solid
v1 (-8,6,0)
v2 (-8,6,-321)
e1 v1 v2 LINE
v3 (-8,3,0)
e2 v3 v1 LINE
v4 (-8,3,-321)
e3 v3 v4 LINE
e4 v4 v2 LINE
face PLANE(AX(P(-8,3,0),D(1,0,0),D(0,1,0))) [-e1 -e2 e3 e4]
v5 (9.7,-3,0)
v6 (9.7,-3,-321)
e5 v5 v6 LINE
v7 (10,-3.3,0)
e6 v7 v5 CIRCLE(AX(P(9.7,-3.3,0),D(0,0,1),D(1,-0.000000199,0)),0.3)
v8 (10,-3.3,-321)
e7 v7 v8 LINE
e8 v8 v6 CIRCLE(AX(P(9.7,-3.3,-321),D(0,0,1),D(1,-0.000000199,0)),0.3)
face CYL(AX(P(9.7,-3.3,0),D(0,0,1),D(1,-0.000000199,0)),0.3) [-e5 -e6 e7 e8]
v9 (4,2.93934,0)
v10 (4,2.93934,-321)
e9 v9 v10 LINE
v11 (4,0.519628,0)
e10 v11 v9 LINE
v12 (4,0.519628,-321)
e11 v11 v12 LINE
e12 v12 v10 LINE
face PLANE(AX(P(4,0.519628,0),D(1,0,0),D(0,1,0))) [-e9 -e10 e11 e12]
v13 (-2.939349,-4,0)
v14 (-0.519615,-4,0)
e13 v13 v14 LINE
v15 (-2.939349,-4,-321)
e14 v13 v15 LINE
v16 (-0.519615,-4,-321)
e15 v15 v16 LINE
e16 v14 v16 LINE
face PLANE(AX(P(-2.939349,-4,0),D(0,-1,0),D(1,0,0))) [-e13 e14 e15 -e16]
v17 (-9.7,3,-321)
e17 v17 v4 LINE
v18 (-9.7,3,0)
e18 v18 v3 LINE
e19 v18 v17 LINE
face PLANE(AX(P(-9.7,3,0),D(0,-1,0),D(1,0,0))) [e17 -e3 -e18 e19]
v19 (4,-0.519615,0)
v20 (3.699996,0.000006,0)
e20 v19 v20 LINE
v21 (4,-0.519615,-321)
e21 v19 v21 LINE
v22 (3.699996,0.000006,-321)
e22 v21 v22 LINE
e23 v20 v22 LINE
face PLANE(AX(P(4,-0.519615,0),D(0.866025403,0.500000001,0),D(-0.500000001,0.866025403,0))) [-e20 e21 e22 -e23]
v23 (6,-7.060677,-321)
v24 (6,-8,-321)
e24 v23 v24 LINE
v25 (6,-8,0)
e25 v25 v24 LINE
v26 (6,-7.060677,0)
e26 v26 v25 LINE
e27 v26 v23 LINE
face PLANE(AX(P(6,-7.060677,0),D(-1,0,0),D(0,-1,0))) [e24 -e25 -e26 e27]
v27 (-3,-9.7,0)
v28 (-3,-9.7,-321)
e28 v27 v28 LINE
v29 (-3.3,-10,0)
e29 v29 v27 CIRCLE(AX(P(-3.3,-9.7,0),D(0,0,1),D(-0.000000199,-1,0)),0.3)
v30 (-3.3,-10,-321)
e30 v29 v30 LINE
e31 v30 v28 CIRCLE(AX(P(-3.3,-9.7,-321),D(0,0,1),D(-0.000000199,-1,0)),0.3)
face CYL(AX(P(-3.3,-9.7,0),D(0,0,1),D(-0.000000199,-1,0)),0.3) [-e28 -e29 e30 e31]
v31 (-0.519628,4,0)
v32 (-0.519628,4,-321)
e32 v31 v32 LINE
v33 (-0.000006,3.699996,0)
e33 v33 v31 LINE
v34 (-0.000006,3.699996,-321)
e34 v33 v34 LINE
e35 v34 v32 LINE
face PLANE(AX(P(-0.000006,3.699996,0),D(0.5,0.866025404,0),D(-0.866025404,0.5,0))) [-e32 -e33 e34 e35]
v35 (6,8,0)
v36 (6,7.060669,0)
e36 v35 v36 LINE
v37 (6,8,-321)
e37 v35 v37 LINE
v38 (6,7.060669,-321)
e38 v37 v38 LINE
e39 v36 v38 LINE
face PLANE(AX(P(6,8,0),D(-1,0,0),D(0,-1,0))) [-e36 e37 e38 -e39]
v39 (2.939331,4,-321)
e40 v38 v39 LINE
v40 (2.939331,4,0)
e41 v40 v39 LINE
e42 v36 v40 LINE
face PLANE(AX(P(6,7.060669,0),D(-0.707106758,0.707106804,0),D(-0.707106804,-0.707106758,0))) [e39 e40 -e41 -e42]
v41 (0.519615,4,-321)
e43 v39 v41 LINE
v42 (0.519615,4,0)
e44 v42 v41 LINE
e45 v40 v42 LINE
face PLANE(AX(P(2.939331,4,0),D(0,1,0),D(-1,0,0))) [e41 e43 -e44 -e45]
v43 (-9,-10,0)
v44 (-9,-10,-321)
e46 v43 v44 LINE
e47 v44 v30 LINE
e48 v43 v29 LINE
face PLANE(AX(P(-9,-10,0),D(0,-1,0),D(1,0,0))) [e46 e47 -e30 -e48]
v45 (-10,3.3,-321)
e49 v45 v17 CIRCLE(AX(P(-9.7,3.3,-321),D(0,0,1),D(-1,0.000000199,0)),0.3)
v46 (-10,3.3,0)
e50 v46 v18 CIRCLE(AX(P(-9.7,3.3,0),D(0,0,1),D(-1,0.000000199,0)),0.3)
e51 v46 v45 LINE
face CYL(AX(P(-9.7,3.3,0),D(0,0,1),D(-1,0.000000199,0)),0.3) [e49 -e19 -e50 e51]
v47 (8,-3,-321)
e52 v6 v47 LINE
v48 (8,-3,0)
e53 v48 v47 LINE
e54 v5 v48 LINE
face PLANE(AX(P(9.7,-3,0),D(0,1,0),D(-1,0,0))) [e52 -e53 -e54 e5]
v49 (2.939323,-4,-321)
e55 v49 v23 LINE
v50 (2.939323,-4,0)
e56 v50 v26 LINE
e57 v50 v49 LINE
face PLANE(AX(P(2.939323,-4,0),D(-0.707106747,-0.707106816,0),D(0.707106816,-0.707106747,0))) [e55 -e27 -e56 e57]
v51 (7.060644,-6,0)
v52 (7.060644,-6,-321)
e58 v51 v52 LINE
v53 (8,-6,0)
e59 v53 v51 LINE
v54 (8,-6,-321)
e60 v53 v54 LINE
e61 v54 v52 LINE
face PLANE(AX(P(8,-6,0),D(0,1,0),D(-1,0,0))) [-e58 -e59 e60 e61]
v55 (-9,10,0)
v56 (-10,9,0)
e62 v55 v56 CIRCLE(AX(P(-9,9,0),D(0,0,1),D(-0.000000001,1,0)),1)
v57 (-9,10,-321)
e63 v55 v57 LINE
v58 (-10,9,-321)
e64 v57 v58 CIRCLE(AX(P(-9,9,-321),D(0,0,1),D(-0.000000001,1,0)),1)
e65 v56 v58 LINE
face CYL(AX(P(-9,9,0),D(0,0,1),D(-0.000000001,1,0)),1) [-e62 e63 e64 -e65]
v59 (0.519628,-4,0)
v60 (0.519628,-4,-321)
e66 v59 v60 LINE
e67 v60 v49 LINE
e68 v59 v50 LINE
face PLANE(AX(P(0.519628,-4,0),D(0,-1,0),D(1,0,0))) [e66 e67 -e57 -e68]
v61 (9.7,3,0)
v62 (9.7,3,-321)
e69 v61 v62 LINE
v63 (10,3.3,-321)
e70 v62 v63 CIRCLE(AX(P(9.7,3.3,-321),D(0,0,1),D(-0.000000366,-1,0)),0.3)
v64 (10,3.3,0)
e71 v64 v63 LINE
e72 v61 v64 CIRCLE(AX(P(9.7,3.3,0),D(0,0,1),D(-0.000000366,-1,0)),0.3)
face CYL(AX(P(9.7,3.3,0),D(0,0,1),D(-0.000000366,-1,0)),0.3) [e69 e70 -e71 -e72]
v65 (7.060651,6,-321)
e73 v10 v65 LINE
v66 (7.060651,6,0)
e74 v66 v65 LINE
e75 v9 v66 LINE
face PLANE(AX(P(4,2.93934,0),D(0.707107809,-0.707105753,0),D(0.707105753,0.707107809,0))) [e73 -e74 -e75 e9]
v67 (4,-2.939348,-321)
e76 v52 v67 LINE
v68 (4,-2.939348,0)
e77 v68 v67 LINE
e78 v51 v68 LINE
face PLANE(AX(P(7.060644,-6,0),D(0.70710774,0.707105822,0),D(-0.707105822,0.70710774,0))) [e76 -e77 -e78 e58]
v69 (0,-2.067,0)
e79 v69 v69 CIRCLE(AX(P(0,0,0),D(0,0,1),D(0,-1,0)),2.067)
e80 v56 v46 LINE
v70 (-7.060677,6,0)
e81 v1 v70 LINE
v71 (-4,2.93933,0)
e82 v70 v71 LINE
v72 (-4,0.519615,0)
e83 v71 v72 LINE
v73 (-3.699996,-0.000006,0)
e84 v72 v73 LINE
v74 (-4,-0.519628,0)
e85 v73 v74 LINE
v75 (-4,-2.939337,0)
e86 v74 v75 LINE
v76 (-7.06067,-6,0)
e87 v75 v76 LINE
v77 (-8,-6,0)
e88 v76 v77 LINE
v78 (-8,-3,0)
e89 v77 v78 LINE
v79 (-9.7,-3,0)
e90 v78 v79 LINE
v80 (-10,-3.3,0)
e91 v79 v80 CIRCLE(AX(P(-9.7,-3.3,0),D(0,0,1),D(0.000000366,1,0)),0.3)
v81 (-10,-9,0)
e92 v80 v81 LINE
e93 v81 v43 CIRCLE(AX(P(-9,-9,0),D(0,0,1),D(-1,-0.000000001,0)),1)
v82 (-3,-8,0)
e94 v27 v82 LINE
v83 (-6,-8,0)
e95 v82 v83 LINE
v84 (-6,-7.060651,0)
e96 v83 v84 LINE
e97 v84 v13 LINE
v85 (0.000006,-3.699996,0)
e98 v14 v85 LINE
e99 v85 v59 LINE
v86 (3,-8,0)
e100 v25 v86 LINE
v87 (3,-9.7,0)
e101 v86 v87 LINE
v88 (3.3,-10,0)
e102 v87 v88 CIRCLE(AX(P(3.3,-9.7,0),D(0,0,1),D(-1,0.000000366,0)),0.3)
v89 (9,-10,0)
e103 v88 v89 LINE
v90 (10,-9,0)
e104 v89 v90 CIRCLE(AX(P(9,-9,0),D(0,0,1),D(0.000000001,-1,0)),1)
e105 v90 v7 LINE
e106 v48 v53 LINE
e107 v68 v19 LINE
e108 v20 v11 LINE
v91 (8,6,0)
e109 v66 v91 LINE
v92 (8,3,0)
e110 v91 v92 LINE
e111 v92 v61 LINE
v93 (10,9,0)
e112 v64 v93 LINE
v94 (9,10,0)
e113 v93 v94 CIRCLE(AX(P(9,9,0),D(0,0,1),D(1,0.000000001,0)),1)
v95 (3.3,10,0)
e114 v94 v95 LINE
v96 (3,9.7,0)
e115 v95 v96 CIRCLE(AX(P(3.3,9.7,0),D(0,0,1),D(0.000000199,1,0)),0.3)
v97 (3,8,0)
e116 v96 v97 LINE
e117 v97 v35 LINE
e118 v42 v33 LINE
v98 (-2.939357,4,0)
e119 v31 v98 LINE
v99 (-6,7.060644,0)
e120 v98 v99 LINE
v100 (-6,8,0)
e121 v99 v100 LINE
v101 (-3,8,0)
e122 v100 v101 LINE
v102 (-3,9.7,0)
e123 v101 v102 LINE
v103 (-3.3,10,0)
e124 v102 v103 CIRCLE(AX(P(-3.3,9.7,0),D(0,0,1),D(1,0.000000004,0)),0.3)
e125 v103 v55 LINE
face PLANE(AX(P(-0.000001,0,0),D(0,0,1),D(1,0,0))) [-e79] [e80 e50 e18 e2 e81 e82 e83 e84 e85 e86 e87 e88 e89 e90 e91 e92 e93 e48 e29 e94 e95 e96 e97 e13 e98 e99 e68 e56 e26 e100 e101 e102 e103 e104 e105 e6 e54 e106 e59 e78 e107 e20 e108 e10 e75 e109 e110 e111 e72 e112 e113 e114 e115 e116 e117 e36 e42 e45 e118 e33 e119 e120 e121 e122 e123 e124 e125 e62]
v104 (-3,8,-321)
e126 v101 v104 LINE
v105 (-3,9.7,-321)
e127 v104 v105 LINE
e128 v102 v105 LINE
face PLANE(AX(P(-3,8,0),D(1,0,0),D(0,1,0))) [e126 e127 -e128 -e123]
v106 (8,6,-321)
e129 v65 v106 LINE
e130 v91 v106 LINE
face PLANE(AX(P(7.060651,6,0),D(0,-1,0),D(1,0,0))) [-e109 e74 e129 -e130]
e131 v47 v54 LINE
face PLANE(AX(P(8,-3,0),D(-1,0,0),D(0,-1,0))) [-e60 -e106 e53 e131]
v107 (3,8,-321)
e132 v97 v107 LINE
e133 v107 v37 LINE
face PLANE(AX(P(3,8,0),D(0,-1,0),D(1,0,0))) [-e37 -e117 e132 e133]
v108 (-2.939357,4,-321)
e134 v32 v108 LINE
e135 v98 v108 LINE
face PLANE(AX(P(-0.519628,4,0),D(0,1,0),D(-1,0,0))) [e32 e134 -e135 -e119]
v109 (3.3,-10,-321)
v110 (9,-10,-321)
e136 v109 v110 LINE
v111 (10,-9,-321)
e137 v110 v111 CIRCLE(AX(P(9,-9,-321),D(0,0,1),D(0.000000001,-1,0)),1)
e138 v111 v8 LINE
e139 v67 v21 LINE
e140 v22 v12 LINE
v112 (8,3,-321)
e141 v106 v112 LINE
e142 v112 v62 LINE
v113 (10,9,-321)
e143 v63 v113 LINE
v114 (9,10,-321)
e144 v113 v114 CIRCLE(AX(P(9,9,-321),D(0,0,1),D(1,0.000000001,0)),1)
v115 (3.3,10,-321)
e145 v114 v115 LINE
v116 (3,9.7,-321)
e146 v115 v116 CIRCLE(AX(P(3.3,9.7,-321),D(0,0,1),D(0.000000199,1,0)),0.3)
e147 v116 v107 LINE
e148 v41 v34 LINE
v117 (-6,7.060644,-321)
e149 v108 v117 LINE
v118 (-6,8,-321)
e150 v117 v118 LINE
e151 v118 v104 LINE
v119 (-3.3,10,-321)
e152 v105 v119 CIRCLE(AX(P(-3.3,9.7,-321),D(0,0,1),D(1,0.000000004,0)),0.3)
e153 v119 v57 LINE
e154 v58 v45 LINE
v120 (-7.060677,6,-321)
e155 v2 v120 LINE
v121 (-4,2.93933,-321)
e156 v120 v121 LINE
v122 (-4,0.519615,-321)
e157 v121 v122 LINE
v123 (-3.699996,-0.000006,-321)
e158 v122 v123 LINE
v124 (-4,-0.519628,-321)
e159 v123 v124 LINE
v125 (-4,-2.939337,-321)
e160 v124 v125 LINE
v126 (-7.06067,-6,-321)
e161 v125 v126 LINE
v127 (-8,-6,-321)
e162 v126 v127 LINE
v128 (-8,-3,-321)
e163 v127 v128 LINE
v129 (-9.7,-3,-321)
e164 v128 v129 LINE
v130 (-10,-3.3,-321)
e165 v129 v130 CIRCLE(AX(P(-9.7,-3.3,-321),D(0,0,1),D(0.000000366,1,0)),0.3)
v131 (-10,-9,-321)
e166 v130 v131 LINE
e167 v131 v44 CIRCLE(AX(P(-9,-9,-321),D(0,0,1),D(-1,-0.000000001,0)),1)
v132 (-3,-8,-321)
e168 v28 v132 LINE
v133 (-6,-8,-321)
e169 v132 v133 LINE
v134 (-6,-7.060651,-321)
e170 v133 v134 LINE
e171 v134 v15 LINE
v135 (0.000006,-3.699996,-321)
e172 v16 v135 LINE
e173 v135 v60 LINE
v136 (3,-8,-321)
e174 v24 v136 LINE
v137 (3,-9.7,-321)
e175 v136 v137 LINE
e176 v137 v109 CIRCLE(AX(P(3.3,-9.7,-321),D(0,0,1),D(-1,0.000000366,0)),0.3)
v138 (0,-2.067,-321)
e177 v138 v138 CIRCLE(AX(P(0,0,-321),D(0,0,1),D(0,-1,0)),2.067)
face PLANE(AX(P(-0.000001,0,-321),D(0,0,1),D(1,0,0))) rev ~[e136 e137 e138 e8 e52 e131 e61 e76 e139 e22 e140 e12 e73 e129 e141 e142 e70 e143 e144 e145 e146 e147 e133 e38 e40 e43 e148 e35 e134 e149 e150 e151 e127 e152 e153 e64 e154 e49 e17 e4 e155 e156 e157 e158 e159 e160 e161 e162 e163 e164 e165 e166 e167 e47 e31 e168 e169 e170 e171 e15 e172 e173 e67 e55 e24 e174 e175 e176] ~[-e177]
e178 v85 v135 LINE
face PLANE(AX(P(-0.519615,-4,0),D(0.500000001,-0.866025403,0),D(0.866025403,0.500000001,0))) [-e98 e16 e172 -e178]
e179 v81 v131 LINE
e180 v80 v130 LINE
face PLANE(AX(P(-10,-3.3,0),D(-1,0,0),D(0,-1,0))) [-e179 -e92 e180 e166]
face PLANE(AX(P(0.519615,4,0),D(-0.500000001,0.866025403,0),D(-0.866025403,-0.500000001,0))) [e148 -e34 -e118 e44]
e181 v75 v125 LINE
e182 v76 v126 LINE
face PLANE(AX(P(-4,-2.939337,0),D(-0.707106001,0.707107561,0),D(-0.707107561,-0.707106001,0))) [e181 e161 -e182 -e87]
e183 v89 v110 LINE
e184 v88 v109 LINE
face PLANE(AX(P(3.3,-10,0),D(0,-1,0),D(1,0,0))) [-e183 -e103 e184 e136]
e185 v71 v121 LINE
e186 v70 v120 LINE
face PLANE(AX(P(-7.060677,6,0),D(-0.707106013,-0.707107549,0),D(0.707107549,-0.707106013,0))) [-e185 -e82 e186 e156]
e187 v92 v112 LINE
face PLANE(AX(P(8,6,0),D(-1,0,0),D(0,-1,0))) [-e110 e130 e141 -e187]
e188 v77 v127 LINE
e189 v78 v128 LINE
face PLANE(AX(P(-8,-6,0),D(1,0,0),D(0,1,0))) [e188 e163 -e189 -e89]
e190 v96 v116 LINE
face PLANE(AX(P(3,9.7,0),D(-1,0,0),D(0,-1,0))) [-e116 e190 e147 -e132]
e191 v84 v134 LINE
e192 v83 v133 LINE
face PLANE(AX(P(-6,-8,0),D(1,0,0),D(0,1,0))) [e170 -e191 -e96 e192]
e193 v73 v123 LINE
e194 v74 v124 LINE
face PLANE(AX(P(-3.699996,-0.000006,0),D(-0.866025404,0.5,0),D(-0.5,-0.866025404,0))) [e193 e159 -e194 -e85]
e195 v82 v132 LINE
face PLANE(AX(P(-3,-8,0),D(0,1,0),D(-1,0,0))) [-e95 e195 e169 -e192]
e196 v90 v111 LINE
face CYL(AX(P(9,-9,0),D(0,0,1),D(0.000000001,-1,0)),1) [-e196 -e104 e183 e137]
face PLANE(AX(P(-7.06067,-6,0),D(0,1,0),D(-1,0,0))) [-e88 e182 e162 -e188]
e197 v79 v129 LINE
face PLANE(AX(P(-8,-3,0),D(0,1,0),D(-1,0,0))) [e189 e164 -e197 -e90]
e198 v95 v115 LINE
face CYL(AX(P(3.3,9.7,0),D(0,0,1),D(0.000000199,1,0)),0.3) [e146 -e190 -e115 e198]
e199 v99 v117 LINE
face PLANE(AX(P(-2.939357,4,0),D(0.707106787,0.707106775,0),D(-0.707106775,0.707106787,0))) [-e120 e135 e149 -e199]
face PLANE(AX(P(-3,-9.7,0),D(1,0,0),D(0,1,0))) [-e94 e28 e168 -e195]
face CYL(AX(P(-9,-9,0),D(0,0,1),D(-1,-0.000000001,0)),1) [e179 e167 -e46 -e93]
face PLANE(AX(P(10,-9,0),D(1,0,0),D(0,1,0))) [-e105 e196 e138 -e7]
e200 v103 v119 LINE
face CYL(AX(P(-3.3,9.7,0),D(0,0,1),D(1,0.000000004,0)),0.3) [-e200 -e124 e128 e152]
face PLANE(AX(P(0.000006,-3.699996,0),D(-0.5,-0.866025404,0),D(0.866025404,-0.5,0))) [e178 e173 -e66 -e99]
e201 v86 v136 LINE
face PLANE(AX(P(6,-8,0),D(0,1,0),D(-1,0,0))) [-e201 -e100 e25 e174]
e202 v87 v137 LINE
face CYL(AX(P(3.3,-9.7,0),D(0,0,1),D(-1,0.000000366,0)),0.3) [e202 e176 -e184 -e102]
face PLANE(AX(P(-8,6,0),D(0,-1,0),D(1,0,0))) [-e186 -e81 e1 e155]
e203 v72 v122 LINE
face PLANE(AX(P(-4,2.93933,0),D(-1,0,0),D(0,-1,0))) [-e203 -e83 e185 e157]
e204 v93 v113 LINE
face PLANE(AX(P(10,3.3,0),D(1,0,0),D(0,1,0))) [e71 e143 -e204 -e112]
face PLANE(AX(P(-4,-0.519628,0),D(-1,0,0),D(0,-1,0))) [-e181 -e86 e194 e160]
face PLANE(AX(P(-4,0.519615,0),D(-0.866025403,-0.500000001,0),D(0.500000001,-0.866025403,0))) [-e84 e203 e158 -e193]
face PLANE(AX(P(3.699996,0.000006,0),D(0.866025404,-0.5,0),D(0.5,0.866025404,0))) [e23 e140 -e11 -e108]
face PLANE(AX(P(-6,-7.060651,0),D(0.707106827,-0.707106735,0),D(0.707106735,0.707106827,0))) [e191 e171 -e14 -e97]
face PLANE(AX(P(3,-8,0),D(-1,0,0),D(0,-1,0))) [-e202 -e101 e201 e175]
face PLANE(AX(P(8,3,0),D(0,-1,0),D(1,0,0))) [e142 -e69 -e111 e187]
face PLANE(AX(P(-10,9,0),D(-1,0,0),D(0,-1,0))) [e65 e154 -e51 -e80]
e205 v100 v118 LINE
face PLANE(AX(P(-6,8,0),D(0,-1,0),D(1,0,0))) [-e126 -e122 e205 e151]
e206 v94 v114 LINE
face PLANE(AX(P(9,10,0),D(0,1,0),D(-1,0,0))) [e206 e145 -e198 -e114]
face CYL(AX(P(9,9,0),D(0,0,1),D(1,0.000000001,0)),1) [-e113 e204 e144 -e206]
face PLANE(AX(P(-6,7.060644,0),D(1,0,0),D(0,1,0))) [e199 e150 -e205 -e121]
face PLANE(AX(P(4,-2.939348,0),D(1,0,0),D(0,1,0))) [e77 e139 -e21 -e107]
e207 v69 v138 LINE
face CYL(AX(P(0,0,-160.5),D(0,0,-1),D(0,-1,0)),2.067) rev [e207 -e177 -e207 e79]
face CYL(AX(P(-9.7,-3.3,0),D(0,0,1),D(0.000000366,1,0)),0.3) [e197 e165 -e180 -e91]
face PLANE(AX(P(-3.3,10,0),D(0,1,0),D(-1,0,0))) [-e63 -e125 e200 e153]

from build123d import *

# Parameters (mm, degrees)
BOSS_EXTRUDE1_DEPTH = 321
SKETCH2_W           = 321
SKETCH2_H           = 2.067


with BuildPart() as part:
    # Sketch1 → Boss-Extrude1 (new body)
    with BuildSketch(Plane.XY):
        with BuildLine():
            Line((-10, 9), (-10, 3.29999995))
            ThreePointArc((-10, 3.29999995), (-9.912132049, 3.087867916), (-9.7, 3))
            Line((-9.7, 3), (-8, 3))
            Line((-8, 3), (-8, 6))
            Line((-8, 6), (-7.060677, 6))
            Line((-7.060677, 6), (-4, 2.93932965))
            Line((-4, 2.93932965), (-4, 0.519615242))
            Line((-4, 0.519615242), (-3.699996283, -6.437e-06))
            Line((-3.699996283, -6.437e-06), (-4, -0.519628117))
            Line((-4, -0.519628117), (-4, -2.93933725))
            Line((-4, -2.93933725), (-7.0606695, -6))
            Line((-7.0606695, -6), (-8, -6))
            Line((-8, -6), (-8, -3))
            Line((-8, -3), (-9.7, -3))
            ThreePointArc((-9.7, -3), (-9.912132049, -3.087867916), (-10, -3.29999995))
            Line((-10, -3.29999995), (-10, -9))
            ThreePointArc((-10, -9), (-9.707106781, -9.707106781), (-9, -10))
            Line((-9, -10), (-3.29999995, -10))
            ThreePointArc((-3.29999995, -10), (-3.087867916, -9.912132049), (-3, -9.7))
            Line((-3, -9.7), (-3, -8))
            Line((-3, -8), (-6, -8))
            Line((-6, -8), (-6, -7.0606515))
            Line((-6, -7.0606515), (-2.9393489, -4))
            Line((-2.9393489, -4), (-0.519615242, -4))
            Line((-0.519615242, -4), (6.437e-06, -3.699996283))
            Line((6.437e-06, -3.699996283), (0.519628117, -4))
            Line((0.519628117, -4), (2.9393227, -4))
            Line((2.9393227, -4), (6, -7.060677))
            Line((6, -7.060677), (6, -8))
            Line((6, -8), (3, -8))
            Line((3, -8), (3, -9.7))
            ThreePointArc((3, -9.7), (3.087867916, -9.912132049), (3.29999995, -10))
            Line((3.29999995, -10), (9, -10))
            ThreePointArc((9, -10), (9.707106781, -9.707106781), (10, -9))
            Line((10, -9), (10, -3.29999995))
            ThreePointArc((10, -3.29999995), (9.912132049, -3.087867916), (9.7, -3))
            Line((9.7, -3), (8, -3))
            Line((8, -3), (8, -6))
            Line((8, -6), (7.0606435, -6))
            Line((7.0606435, -6), (4, -2.9393482))
            Line((4, -2.9393482), (4, -0.519615242))
            Line((4, -0.519615242), (3.699996283, 6.437e-06))
            Line((3.699996283, 6.437e-06), (4, 0.519628117))
            Line((4, 0.519628117), (4, 2.9393401))
            Line((4, 2.9393401), (7.060651, 6))
            Line((7.060651, 6), (8, 6))
            Line((8, 6), (8, 3))
            Line((8, 3), (9.7, 3))
            ThreePointArc((9.7, 3), (9.912132049, 3.087867916), (10, 3.29999995))
            Line((10, 3.29999995), (10, 9))
            ThreePointArc((10, 9), (9.707106781, 9.707106781), (9, 10))
            Line((9, 10), (3.29999995, 10))
            ThreePointArc((3.29999995, 10), (3.087867916, 9.912132049), (3, 9.7))
            Line((3, 9.7), (3, 8))
            Line((3, 8), (6, 8))
            Line((6, 8), (6, 7.060669))
            Line((6, 7.060669), (2.9393308, 4))
            Line((2.9393308, 4), (0.519615242, 4))
            Line((0.519615242, 4), (-6.437e-06, 3.699996283))
            Line((-6.437e-06, 3.699996283), (-0.519628117, 4))
            Line((-0.519628117, 4), (-2.93935655, 4))
            Line((-2.93935655, 4), (-6, 7.0606435))
            Line((-6, 7.0606435), (-6, 8))
            Line((-6, 8), (-3, 8))
            Line((-3, 8), (-3, 9.7))
            ThreePointArc((-3, 9.7), (-3.087867966, 9.912132034), (-3.3, 10))
            Line((-3.3, 10), (-9, 10))
            ThreePointArc((-9, 10), (-9.707106781, 9.707106781), (-10, 9))
        make_face()
    extrude(amount=-BOSS_EXTRUDE1_DEPTH)

    # Sketch2 → Cut-Revolve1 (revolve, cut)
    with BuildSketch(Plane(origin=(0, 0, 0), x_dir=(0, 0, -1), z_dir=(1, 0, 0)), mode=Mode.PRIVATE) as cut_revolve1_sk:
        with Locations((160.5, 1.0335)):
            Rectangle(SKETCH2_W, SKETCH2_H)
    revolve(cut_revolve1_sk.sketch.rotate(Axis((0, 0, -321), (0, 0, 1)), 180), axis=Axis((0, 0, -321), (0, 0, 1)), mode=Mode.SUBTRACT)


solid = part.part
